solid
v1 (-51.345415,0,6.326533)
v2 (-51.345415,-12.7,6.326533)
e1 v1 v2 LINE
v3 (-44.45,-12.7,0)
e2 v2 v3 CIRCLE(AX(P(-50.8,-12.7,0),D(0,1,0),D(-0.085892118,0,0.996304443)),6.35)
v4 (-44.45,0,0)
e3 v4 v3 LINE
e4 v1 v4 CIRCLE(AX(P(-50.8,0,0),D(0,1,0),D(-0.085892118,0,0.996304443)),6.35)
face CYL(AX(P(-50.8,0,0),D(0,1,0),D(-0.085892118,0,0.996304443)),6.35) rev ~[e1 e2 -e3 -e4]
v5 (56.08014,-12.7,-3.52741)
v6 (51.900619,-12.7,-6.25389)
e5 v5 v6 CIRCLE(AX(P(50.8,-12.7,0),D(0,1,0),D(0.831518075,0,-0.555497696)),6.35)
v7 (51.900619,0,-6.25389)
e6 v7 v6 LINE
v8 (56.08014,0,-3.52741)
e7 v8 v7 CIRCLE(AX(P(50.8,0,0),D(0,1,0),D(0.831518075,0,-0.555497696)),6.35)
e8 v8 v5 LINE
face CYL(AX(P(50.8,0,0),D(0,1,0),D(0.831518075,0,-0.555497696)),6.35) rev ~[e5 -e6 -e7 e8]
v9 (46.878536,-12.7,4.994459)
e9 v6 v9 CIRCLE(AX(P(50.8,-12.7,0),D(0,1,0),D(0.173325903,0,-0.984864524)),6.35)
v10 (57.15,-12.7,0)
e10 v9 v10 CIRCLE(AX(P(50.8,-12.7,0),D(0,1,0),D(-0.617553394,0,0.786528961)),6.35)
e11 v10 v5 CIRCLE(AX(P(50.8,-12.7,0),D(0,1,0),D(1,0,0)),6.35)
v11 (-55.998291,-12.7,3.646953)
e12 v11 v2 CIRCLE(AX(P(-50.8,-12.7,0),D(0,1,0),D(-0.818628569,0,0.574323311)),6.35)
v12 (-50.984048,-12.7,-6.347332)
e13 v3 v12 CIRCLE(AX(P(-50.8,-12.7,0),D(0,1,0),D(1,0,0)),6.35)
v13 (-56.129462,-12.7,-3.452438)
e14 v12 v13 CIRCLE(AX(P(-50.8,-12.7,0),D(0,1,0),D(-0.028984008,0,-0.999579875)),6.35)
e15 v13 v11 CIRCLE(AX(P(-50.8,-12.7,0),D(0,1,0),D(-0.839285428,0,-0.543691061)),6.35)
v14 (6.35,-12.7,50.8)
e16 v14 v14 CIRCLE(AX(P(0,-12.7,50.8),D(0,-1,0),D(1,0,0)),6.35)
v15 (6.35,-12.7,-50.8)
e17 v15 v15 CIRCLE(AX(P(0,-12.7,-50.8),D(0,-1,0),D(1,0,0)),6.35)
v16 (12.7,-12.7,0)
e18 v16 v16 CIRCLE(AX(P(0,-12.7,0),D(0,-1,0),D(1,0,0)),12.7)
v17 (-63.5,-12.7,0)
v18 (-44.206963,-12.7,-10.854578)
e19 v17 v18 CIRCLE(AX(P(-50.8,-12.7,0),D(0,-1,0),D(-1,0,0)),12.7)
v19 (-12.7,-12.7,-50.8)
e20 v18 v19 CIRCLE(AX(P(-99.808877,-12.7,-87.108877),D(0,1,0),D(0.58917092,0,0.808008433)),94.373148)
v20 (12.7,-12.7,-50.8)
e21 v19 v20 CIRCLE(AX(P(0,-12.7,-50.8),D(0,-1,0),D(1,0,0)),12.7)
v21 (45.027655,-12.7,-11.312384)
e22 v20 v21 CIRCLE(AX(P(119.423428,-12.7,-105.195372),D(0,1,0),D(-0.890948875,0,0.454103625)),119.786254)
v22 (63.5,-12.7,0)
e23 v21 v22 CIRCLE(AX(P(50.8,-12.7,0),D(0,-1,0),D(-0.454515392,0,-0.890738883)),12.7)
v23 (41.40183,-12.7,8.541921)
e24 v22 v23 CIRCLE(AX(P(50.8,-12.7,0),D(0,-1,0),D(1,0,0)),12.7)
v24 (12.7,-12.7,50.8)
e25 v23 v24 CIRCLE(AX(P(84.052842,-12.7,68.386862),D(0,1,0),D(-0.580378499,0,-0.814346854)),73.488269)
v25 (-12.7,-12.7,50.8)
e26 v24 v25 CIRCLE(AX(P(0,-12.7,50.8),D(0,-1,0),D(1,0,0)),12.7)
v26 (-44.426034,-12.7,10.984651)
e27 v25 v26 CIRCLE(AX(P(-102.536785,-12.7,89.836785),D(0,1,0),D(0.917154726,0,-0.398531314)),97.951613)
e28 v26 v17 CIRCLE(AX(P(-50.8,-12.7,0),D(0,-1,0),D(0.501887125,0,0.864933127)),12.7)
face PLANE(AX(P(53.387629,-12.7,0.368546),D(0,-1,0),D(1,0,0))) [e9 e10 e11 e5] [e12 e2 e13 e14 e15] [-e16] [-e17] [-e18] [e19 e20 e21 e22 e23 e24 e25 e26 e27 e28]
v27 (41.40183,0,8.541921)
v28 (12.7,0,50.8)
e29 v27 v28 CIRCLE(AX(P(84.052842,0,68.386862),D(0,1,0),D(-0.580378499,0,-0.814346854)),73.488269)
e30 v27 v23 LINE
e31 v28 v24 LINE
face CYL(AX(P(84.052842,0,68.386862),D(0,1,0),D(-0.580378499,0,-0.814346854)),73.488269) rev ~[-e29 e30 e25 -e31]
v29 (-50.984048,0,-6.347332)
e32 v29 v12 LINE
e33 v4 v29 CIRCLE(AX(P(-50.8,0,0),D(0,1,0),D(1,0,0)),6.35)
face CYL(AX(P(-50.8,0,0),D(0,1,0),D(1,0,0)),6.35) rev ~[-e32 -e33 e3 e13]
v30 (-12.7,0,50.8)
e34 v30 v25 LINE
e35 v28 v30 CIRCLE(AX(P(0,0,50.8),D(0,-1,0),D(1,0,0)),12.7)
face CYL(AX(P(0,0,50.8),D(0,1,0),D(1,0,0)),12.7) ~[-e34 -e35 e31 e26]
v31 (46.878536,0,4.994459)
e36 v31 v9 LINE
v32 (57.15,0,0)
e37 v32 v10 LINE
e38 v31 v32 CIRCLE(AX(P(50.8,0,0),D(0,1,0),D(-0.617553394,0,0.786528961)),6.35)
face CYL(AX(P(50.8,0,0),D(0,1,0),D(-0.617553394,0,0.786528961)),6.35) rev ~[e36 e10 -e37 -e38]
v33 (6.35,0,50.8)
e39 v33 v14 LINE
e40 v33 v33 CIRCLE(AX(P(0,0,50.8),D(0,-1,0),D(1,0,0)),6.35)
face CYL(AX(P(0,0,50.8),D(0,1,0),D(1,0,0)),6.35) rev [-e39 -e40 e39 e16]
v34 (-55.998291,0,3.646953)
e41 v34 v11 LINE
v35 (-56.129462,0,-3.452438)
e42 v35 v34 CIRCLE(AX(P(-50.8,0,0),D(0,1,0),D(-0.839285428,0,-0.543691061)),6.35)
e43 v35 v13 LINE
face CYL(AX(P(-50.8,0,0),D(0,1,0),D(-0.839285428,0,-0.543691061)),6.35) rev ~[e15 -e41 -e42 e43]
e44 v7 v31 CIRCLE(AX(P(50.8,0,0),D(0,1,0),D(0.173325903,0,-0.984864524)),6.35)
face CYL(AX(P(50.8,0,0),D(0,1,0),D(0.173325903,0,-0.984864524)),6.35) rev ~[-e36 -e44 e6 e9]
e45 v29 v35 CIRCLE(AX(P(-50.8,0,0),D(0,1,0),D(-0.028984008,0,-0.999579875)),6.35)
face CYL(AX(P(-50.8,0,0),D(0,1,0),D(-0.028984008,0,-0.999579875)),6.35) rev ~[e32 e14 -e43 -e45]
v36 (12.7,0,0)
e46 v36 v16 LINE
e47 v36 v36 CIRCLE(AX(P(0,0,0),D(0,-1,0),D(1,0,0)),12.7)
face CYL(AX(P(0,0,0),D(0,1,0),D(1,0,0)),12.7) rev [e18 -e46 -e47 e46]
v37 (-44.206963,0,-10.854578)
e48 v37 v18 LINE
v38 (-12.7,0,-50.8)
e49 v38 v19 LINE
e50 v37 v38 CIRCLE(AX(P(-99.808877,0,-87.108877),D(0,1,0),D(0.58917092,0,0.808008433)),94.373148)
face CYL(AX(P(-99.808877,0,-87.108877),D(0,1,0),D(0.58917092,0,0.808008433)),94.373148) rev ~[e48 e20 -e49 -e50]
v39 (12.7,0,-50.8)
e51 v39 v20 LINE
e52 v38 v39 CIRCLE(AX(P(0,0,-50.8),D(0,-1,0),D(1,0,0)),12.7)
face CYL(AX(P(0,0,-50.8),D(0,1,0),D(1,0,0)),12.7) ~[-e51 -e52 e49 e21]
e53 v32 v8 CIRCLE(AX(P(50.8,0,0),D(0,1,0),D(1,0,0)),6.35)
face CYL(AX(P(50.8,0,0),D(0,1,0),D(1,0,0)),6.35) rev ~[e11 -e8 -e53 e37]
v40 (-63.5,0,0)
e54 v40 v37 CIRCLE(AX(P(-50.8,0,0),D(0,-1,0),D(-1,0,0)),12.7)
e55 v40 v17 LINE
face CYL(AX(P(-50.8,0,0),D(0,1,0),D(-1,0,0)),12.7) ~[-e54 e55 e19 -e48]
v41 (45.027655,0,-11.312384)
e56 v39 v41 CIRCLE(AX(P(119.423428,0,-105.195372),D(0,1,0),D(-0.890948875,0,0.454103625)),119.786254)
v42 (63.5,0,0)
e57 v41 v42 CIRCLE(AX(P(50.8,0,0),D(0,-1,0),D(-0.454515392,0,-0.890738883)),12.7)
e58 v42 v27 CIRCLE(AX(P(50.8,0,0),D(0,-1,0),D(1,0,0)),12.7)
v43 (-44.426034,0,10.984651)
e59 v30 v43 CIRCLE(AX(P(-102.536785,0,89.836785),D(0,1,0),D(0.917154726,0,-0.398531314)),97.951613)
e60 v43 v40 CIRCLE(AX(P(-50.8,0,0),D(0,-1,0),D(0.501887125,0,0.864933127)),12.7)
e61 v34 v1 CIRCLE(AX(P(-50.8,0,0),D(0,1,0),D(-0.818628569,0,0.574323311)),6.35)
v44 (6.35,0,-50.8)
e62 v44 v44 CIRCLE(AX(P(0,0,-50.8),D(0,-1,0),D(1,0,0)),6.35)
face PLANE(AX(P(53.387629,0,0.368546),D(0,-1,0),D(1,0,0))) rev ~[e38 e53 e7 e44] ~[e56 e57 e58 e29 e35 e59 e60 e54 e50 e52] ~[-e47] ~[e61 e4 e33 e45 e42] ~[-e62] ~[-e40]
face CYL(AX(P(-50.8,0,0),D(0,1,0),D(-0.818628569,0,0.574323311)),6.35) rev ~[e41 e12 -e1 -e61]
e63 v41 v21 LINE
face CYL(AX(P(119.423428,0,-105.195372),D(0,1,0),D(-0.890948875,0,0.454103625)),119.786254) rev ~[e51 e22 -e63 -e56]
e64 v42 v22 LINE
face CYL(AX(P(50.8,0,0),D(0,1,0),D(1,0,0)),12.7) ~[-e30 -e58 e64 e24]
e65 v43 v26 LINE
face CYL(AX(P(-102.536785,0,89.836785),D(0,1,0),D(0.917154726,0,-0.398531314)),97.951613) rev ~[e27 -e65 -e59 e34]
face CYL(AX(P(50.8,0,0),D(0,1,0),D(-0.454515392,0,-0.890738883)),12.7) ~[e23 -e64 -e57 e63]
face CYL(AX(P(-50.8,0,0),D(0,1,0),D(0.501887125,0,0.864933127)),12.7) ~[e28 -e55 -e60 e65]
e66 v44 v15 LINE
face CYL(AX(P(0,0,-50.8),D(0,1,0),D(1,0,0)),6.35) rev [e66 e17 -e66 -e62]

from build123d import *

# Parameters (mm, degrees)
F0_R     = 12.7
F0_R_2   = 6.35
F1_DEPTH = 12.7


with BuildPart() as f1:
    # F0 (on Front) → F1 (new body)
    with BuildSketch(Plane.XZ):
        with BuildLine():
            ThreePointArc((57.15, 0), (56.8766515285, -1.8430426477), (56.0801397791, -3.5274103693))
            ThreePointArc((56.0801397791, -3.5274103693), (54.2694300144, -5.318416623), (51.9006194858, -6.2538897294))
            ThreePointArc((51.9006194858, -6.2538897294), (48.4190755317, -8.7219118509), (45.0276545193, -11.3123838182))
            ThreePointArc((45.0276545193, -11.3123838182), (57.4325414584, -10.8304844676), (63.5, 0))
            ThreePointArc((63.5, 0), (55.3789325136, 11.8458168581), (41.401830388, 8.5419206239))
            ThreePointArc((41.401830388, 8.5419206239), (44.1007900362, 6.7073731537), (46.8785359506, 4.9944589006))
            ThreePointArc((46.8785359506, 4.9944589006), (53.5767970115, 5.7106828275), (57.15, 0))
        make_face()
        with BuildLine():
            ThreePointArc((45.0276545193, -11.3123838182), (48.4190755317, -8.7219118509), (51.9006194858, -6.2538897294))
            ThreePointArc((51.9006194858, -6.2538897294), (45.0016702631, -2.5887974548), (46.8785359506, 4.9944589006))
            ThreePointArc((46.8785359506, 4.9944589006), (44.1007900362, 6.7073731537), (41.401830388, 8.5419206239))
            ThreePointArc((41.401830388, 8.5419206239), (38.3066224237, -2.2815601538), (45.0276545193, -11.3123838182))
        make_face()
        with BuildLine():
            ThreePointArc((12.7, -50.8), (26.7365398063, -29.3146278315), (45.0276545193, -11.3123838182))
            ThreePointArc((45.0276545193, -11.3123838182), (38.3066224237, -2.2815601538), (41.401830388, 8.5419206239))
            ThreePointArc((41.401830388, 8.5419206239), (23.2609348186, 27.0967928269), (12.7, 50.8))
            ThreePointArc((12.7, 50.8), (0, 38.1), (-12.7, 50.8))
            ThreePointArc((-12.7, 50.8), (-25.931080925, 28.7951219923), (-44.4260335163, 10.984650712))
            ThreePointArc((-44.4260335163, 10.984650712), (-39.7945610187, 6.3380054298), (-38.1, 0))
            ThreePointArc((-38.1, 0), (-39.7315409301, -6.2272958672), (-44.2069628059, -10.8545778617))
            ThreePointArc((-44.2069628059, -10.8545778617), (-25.7109575448, -28.6641224761), (-12.7, -50.8))
            ThreePointArc((-12.7, -50.8), (0, -38.1), (12.7, -50.8))
        make_face()
        Circle(F0_R, mode=Mode.SUBTRACT)
        with BuildLine():
            ThreePointArc((-12.7, -50.8), (0, -63.5), (12.7, -50.8))
            ThreePointArc((12.7, -50.8), (0, -38.1), (-12.7, -50.8))
        make_face()
        with Locations((0, -50.8)):
            Circle(F0_R_2, mode=Mode.SUBTRACT)
        with BuildLine():
            ThreePointArc((-12.7, 50.8), (0, 38.1), (12.7, 50.8))
            ThreePointArc((12.7, 50.8), (0, 63.5), (-12.7, 50.8))
        make_face()
        with Locations((0, 50.8)):
            Circle(F0_R_2, mode=Mode.SUBTRACT)
        with BuildLine():
            ThreePointArc((-50.9840484535, -6.3473322086), (-47.5468930567, -8.5278612667), (-44.2069628059, -10.8545778617))
            ThreePointArc((-44.2069628059, -10.8545778617), (-39.7315409301, -6.2272958672), (-38.1, 0))
            ThreePointArc((-38.1, 0), (-39.7945610187, 6.3380054298), (-44.4260335163, 10.984650712))
            ThreePointArc((-44.4260335163, 10.984650712), (-47.8361181166, 8.5819047613), (-51.3454149518, 6.3265332158))
            ThreePointArc((-51.3454149518, 6.3265332158), (-46.5070339475, 4.6789894712), (-44.45, 0))
            ThreePointArc((-44.45, 0), (-46.3754213579, -4.5547342228), (-50.9840484535, -6.3473322086))
        make_face()
        with BuildLine():
            ThreePointArc((-63.5, 0), (-57.0272958672, -11.0684590699), (-44.2069628059, -10.8545778617))
            ThreePointArc((-44.2069628059, -10.8545778617), (-47.5468930567, -8.5278612667), (-50.9840484535, -6.3473322086))
            ThreePointArc((-50.9840484535, -6.3473322086), (-53.9136479336, -5.534229535), (-56.1294624703, -3.4524382366))
            ThreePointArc((-56.1294624703, -3.4524382366), (-59.7774952115, -1.6467247173), (-63.5, 0))
        make_face()
        with BuildLine():
            ThreePointArc((-51.3454149518, 6.3265332158), (-47.8361181166, 8.5819047613), (-44.4260335163, 10.984650712))
            ThreePointArc((-44.4260335163, 10.984650712), (-57.1380054298, 11.0054389813), (-63.5, 0))
            ThreePointArc((-63.5, 0), (-59.7103078766, 1.7435878799), (-55.998291415, 3.6469530247))
            ThreePointArc((-55.998291415, 3.6469530247), (-53.9690027149, 5.5027194907), (-51.3454149518, 6.3265332158))
        make_face()
        with BuildLine():
            ThreePointArc((-55.998291415, 3.6469530247), (-59.7103078766, 1.7435878799), (-63.5, 0))
            ThreePointArc((-63.5, 0), (-59.7774952115, -1.6467247173), (-56.1294624703, -3.4524382366))
            ThreePointArc((-56.1294624703, -3.4524382366), (-57.1489164066, 0.1173049962), (-55.998291415, 3.6469530247))
        make_face()
    extrude(amount=F1_DEPTH)


solid = f1.part
